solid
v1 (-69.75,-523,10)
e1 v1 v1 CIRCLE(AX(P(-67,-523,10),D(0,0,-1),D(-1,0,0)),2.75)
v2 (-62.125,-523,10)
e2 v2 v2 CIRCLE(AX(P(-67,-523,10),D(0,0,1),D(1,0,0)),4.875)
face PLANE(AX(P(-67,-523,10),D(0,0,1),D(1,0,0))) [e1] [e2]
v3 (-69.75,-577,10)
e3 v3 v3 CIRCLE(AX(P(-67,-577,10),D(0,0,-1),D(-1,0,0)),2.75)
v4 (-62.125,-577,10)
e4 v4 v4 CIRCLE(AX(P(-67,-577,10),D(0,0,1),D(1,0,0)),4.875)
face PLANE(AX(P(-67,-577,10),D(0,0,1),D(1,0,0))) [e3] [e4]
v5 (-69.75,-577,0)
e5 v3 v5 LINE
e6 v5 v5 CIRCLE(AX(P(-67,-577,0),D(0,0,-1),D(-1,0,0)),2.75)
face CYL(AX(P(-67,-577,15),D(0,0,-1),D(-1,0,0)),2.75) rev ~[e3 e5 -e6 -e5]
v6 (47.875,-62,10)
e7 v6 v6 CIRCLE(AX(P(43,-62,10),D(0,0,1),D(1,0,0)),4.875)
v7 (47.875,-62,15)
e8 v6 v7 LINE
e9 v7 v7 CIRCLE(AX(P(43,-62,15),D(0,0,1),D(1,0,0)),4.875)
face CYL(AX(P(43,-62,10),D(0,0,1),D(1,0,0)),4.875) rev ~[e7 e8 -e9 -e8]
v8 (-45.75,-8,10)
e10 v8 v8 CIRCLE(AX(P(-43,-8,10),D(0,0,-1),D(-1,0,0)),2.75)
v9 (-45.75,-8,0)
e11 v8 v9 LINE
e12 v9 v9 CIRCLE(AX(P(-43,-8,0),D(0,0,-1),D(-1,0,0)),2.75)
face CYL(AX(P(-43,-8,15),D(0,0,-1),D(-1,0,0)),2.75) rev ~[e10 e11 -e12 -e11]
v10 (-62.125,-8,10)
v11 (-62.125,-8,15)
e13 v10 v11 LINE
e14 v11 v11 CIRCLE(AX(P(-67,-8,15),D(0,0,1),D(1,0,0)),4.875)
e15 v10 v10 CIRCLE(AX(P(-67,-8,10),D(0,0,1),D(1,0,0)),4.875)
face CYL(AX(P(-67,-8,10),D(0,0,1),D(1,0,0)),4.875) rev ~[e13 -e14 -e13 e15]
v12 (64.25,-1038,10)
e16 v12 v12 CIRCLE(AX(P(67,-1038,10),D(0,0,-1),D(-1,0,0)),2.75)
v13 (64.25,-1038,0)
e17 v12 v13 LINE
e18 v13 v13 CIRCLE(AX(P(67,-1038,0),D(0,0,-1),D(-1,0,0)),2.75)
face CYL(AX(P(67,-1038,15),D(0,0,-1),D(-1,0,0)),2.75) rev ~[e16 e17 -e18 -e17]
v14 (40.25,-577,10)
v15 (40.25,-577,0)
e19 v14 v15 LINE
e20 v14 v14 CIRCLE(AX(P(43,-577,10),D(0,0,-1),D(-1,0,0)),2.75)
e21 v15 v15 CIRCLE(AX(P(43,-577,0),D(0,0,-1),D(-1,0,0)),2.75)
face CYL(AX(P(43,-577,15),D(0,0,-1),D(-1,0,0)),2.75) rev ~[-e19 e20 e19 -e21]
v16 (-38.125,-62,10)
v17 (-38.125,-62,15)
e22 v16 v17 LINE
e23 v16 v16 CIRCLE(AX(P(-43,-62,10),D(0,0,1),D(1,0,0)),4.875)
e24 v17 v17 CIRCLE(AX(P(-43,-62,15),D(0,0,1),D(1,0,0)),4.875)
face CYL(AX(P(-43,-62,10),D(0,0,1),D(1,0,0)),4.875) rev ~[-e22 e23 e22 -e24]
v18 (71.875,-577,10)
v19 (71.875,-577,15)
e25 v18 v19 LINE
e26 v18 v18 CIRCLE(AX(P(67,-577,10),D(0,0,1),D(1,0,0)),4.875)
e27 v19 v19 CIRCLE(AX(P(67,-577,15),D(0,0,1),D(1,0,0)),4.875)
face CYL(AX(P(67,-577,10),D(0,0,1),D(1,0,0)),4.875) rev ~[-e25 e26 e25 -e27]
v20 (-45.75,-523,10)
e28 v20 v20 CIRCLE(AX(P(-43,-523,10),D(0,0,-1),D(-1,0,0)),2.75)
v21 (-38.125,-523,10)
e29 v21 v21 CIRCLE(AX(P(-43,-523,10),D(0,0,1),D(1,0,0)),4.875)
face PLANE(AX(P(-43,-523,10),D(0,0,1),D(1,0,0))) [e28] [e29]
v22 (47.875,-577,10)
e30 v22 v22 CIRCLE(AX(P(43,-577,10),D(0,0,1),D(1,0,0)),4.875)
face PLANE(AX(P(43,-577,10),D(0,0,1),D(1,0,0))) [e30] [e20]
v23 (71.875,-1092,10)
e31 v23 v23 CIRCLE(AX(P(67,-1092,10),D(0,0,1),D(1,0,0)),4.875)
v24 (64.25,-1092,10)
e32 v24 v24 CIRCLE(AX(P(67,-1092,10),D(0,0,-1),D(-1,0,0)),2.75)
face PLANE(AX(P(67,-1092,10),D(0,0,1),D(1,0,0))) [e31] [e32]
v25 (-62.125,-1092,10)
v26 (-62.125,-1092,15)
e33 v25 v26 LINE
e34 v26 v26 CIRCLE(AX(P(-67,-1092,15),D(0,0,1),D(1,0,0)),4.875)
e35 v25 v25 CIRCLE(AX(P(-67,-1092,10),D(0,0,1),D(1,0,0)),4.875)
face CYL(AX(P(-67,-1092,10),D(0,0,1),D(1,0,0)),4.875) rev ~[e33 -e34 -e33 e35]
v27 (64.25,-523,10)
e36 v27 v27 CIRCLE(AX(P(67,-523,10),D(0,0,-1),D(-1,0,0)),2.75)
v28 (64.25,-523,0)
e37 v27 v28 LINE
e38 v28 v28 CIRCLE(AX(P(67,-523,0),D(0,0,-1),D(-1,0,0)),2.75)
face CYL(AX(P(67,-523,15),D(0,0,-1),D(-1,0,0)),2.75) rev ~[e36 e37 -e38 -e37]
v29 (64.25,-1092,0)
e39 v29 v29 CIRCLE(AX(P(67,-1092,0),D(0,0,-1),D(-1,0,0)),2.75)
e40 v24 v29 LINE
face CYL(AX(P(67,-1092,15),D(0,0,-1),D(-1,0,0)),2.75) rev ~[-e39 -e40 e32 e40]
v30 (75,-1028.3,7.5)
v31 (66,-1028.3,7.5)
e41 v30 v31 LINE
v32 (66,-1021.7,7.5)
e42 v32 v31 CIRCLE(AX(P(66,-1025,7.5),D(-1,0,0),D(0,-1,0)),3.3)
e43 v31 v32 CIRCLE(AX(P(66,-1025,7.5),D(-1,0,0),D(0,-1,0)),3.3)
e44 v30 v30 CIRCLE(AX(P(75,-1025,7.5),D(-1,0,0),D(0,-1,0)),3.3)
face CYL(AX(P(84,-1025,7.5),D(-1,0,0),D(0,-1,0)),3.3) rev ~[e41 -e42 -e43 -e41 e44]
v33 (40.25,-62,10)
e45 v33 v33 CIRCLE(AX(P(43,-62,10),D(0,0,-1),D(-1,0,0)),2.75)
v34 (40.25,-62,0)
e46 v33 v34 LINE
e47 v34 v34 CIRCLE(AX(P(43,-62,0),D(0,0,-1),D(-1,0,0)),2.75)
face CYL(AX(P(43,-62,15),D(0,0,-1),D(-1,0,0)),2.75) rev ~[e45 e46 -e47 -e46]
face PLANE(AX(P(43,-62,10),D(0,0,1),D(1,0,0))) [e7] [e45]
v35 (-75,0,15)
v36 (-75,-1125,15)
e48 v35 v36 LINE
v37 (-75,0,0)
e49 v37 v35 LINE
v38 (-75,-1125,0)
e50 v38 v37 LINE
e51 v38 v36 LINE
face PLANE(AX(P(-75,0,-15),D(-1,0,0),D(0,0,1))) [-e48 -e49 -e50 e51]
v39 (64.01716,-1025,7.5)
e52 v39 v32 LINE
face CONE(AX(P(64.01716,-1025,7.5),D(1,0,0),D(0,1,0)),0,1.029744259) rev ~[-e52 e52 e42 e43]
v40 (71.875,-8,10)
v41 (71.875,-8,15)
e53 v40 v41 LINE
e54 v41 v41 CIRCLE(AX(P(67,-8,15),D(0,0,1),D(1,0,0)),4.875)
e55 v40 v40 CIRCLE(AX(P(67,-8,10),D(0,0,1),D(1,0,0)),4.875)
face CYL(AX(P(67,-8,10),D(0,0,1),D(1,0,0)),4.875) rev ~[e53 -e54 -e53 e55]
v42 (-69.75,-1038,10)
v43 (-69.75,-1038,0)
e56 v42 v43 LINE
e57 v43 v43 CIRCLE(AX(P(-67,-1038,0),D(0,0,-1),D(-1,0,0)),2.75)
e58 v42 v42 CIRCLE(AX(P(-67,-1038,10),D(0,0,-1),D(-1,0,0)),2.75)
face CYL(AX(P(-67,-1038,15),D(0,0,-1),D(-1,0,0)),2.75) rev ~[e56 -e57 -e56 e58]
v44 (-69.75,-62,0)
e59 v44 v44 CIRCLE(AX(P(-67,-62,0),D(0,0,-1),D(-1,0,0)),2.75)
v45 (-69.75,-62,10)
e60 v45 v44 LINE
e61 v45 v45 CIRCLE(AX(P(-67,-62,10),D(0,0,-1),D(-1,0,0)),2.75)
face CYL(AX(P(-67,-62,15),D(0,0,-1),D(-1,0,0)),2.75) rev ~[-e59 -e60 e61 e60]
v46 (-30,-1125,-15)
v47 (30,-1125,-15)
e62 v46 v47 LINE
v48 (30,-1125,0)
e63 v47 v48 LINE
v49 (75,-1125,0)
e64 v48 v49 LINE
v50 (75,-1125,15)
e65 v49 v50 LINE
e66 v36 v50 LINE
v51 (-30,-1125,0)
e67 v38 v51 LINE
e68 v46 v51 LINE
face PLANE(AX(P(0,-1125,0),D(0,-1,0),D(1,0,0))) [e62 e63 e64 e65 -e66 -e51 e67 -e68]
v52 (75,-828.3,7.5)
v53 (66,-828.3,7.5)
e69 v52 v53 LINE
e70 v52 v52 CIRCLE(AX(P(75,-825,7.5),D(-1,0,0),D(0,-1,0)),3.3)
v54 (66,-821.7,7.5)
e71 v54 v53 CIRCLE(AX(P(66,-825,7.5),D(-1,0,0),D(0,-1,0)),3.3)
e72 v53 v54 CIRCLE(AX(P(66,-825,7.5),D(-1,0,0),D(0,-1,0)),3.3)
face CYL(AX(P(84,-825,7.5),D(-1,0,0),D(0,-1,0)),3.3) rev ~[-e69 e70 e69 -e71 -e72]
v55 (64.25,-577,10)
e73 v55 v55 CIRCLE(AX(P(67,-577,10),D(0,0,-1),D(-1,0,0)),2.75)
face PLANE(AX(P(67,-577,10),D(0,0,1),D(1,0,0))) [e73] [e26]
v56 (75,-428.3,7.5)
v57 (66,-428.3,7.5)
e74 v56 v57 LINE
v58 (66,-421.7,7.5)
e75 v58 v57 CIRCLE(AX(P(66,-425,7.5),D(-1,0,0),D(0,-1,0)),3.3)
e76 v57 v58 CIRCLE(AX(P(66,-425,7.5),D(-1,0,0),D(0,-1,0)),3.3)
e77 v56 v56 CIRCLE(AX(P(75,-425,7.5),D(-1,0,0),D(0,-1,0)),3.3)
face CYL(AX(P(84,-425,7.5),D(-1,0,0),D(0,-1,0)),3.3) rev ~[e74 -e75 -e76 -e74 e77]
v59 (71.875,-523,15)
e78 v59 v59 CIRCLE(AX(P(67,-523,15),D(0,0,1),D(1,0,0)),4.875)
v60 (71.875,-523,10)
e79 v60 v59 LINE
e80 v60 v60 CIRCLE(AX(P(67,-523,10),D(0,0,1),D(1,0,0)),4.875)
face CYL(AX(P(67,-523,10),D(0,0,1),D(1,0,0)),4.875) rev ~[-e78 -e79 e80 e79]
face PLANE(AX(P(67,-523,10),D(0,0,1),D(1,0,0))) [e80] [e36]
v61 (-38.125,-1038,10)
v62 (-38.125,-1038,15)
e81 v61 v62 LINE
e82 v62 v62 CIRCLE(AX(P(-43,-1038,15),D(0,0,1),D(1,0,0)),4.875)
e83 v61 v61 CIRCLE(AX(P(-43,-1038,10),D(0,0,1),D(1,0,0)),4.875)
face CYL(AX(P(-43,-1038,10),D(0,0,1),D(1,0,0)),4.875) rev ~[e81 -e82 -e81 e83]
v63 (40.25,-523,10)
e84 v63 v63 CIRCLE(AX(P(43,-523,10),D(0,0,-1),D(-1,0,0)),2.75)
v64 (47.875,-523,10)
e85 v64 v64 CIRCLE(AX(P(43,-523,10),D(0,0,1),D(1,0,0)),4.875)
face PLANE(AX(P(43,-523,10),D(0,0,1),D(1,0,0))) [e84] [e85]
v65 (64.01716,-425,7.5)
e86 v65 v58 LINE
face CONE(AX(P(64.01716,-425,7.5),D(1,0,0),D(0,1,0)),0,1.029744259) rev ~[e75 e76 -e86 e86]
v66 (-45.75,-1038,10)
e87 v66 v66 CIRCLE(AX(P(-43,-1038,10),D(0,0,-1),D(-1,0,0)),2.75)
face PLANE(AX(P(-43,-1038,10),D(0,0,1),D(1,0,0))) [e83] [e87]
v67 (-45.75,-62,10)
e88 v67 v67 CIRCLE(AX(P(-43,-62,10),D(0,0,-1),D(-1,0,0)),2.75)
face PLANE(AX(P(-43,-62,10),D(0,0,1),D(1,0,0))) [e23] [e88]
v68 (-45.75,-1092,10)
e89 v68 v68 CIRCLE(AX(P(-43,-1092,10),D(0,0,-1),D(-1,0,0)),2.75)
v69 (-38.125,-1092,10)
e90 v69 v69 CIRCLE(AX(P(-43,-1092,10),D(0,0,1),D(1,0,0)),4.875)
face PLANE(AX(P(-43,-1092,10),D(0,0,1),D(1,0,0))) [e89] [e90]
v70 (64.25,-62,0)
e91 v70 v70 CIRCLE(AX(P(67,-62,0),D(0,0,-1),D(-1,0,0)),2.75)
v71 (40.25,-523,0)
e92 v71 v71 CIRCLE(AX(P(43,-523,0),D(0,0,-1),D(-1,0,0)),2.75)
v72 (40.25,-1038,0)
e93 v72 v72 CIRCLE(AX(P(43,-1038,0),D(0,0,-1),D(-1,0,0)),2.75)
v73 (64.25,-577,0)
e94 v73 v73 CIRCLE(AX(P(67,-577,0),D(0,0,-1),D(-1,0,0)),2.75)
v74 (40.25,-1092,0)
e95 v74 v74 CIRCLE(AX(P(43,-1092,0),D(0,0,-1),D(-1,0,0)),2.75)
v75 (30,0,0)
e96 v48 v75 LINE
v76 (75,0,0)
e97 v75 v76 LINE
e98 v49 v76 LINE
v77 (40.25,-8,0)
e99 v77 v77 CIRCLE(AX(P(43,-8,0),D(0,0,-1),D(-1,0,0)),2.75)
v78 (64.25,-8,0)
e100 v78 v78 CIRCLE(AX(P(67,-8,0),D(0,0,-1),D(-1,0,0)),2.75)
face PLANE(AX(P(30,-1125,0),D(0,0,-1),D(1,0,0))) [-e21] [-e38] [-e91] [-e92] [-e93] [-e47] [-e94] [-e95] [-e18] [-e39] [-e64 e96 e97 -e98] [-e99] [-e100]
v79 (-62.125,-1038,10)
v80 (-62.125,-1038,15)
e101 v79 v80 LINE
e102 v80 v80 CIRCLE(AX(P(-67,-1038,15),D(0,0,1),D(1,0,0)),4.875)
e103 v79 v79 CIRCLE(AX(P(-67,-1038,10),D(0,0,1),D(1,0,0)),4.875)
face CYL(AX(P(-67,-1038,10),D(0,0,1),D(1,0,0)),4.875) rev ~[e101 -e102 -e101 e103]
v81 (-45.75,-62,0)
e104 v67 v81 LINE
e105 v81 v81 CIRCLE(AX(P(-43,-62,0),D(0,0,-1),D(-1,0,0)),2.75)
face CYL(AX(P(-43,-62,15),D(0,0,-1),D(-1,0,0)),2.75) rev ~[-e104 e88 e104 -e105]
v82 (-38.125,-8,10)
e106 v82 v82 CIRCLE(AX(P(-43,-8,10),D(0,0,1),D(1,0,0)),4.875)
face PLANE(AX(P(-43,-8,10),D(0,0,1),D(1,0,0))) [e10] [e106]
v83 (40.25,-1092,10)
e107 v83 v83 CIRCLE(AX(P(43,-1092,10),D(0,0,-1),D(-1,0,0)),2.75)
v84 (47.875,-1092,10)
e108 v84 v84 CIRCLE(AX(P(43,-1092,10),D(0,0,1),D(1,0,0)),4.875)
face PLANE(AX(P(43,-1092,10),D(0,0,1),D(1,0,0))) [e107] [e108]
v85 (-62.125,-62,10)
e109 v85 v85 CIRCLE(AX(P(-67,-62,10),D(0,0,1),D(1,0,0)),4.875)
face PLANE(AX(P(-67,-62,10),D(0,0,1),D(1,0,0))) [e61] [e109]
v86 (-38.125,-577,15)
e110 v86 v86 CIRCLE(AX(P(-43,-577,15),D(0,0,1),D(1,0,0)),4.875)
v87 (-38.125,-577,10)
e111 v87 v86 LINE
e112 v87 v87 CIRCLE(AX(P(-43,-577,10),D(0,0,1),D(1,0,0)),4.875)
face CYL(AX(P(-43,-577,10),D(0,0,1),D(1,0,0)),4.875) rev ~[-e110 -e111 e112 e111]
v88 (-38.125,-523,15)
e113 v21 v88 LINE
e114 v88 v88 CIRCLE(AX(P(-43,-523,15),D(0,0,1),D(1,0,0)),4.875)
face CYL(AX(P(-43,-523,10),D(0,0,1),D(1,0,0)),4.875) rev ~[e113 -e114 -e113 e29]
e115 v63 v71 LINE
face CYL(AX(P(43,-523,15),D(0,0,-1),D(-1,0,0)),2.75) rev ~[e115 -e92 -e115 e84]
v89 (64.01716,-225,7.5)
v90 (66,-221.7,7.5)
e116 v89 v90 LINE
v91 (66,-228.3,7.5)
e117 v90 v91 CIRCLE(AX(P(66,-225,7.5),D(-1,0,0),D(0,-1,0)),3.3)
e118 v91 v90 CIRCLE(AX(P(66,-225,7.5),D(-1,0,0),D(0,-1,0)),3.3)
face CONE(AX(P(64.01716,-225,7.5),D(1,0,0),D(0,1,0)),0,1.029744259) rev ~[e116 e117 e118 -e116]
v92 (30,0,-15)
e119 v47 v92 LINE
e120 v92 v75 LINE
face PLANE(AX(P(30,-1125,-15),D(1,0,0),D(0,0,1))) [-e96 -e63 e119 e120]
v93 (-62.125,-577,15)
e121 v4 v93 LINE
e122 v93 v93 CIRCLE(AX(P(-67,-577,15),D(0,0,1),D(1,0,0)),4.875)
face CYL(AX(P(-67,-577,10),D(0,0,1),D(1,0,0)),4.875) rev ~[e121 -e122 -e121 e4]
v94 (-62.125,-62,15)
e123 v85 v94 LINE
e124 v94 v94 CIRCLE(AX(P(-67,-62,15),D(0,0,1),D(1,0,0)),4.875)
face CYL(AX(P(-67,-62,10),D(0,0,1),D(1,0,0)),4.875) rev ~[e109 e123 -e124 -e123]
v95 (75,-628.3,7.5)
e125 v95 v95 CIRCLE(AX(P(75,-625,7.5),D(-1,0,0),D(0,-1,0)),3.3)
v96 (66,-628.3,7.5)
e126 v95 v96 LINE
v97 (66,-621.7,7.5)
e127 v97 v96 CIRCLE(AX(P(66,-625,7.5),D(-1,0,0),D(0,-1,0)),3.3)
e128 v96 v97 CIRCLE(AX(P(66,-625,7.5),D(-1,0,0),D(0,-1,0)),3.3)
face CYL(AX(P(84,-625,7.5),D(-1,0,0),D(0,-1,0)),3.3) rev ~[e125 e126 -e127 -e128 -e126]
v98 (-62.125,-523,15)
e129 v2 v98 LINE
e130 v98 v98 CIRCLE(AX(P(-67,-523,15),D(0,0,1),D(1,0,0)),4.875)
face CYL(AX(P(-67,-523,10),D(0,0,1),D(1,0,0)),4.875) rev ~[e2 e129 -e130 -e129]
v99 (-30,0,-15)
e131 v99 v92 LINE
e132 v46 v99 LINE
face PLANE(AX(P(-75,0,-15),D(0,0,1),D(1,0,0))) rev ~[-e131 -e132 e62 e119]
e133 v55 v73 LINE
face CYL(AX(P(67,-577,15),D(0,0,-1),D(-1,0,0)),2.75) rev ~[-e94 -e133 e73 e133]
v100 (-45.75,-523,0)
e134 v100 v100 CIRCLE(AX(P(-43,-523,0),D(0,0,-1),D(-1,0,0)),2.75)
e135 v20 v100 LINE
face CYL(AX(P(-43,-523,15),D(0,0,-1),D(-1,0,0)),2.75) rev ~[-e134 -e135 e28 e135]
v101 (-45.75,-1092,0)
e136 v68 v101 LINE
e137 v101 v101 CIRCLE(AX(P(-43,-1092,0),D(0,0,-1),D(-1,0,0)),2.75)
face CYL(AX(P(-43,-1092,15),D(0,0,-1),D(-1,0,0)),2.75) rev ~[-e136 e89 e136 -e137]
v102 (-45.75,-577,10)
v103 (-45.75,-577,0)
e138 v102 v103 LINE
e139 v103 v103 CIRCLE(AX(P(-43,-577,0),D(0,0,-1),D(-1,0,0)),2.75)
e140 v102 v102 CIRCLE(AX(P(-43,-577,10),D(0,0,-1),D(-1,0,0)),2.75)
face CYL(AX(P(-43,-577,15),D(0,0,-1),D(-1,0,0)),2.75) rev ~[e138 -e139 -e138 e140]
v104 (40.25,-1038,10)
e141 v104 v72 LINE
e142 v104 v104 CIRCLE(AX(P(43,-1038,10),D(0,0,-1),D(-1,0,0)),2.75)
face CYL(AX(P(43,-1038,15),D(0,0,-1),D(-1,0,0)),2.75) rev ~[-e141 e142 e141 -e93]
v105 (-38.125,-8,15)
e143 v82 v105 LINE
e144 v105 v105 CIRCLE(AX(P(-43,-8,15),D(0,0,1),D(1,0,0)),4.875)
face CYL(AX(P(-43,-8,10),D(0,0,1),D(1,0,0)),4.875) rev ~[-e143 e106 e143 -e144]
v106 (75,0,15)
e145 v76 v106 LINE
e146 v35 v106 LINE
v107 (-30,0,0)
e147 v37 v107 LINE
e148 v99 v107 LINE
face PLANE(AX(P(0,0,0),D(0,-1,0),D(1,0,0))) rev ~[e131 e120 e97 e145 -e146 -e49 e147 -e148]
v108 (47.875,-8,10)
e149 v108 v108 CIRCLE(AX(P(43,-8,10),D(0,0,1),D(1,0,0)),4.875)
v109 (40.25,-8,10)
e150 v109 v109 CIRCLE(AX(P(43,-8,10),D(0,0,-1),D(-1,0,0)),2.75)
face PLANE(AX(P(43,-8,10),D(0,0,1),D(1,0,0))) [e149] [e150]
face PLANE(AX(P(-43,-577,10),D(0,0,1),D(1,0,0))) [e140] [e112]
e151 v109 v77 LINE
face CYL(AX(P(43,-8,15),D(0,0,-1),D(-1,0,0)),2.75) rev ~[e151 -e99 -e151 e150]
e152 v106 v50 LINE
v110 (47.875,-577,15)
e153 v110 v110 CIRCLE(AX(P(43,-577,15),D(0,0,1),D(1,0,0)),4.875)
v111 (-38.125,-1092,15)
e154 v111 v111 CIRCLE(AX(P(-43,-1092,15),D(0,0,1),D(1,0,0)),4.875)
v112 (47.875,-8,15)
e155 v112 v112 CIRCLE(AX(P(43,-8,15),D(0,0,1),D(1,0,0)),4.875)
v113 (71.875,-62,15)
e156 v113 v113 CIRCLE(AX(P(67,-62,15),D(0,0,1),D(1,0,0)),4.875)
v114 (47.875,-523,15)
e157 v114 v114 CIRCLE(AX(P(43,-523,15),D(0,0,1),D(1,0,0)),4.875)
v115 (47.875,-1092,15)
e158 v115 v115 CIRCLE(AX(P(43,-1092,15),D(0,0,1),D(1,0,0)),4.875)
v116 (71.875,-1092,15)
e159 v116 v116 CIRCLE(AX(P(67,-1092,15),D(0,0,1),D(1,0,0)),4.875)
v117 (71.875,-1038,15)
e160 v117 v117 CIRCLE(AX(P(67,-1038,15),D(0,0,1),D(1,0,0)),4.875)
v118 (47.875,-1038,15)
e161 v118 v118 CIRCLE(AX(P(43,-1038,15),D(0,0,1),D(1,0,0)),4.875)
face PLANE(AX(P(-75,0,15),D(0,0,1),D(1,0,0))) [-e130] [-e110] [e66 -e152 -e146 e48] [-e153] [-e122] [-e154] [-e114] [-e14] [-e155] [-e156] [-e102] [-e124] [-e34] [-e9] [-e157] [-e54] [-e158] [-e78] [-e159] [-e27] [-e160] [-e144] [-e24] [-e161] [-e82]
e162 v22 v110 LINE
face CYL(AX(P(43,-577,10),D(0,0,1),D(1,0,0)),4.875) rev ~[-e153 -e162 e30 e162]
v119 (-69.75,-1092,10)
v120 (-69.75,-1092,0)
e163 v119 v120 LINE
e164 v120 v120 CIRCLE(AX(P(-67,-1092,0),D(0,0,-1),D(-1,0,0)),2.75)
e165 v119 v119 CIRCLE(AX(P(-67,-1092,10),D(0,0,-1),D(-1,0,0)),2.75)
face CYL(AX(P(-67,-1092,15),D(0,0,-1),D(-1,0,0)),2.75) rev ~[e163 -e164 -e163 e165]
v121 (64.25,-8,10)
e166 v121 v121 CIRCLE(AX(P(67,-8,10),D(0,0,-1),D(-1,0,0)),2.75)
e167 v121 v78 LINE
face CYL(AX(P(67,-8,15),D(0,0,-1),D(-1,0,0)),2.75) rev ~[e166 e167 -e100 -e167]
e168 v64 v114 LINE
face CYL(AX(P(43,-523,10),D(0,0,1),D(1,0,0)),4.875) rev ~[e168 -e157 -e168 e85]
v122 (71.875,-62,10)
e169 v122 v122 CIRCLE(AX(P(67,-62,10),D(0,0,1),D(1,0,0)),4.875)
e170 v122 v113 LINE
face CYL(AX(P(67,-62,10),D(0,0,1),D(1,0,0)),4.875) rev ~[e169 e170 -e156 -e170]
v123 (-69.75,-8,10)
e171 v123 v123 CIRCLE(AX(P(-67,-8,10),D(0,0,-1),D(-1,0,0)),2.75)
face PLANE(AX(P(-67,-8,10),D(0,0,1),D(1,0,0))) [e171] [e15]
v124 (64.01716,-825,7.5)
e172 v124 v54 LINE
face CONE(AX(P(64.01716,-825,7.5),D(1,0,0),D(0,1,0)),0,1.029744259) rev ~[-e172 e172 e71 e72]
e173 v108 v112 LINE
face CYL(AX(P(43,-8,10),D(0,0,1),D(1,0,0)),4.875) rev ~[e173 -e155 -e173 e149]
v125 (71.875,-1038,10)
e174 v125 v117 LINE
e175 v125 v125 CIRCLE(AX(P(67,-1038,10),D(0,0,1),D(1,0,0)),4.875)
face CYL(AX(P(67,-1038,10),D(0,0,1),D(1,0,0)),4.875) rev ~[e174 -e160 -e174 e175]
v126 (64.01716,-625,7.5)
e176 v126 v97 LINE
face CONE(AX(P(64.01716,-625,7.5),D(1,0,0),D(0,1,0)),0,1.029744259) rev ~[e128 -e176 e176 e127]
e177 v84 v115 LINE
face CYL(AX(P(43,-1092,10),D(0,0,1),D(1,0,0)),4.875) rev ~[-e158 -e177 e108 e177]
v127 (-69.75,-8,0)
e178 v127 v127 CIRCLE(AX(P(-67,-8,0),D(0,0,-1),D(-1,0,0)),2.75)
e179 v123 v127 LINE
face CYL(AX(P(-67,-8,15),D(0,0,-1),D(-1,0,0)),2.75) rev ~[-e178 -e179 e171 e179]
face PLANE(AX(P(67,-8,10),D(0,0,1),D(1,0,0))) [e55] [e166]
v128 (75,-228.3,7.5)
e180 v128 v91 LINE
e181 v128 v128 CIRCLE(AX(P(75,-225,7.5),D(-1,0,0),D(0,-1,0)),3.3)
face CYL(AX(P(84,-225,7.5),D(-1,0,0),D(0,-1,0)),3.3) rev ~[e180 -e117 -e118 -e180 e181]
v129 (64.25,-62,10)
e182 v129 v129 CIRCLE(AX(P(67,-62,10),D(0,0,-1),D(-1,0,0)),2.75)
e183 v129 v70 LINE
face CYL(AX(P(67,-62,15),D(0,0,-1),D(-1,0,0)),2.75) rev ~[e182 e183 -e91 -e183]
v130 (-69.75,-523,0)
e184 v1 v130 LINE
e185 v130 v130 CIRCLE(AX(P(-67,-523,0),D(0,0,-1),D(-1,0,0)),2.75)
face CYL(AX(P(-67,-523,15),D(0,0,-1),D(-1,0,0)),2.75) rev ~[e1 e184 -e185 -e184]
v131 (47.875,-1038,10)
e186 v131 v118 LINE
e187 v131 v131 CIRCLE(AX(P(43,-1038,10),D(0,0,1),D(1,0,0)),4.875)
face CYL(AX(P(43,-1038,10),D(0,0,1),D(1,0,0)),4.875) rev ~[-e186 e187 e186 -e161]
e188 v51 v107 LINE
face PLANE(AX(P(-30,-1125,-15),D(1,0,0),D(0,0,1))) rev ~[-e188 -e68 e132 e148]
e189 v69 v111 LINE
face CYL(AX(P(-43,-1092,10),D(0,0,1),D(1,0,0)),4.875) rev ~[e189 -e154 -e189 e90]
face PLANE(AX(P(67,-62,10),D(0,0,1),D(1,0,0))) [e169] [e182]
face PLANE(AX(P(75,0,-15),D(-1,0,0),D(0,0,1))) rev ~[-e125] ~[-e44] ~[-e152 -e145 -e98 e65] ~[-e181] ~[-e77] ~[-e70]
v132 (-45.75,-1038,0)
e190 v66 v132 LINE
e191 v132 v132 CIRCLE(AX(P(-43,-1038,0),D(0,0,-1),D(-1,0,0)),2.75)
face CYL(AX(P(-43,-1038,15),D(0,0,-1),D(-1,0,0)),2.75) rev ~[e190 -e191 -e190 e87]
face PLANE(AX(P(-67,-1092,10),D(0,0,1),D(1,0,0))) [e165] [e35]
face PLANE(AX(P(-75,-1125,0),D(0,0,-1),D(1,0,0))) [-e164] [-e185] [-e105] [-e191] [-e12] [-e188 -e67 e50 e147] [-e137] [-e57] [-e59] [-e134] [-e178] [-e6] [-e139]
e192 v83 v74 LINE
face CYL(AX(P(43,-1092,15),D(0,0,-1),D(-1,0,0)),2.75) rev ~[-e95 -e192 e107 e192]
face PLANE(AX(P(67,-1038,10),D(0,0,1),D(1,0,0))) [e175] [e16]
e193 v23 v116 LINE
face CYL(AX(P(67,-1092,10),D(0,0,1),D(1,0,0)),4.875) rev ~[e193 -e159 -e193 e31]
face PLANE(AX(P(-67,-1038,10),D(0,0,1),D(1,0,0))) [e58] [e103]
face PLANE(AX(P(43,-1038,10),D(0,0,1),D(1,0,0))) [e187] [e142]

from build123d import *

# Parameters (mm, degrees)
F0_W           = 150
F0_H           = 30
F1_DEPTH       = 1125
F3_D           = 5.5
F3_CBORE_D     = 9.75
F3_CBORE_DEPTH = 5
F4_W           = 45
F4_H           = 15
F5_DEPTH       = 1125.001
F7_D           = 6.6
F7_DEPTH       = 9
F7_TIP         = 1.9828400428


with BuildPart() as f1:
    # F0 (on Front) → F1 (new body)
    with BuildSketch(Plane.XZ):
        Rectangle(F0_W, F0_H)
    extrude(amount=F1_DEPTH)

    # F3 (through all)
    with Locations(Plane.XY.offset(15)):
        with Locations((-67, -1092), (-67, -1038), (-43, -1038), (-43, -1092), (43, -1092), (67, -1092), (67, -1038), (43, -1038), (-67, -577), (-43, -577), (-43, -523), (-67, -523), (43, -523), (67, -523), (67, -577), (43, -577), (43, -62), (43, -8), (67, -8), (67, -62), (-43, -62), (-67, -62), (-67, -8), (-43, -8)):
            CounterBoreHole(F3_D / 2, F3_CBORE_D / 2, F3_CBORE_DEPTH)

    # F4 (on face) → F5 (cut, through all)
    with BuildSketch(Plane.XZ.offset(1125)):
        with Locations((-52.5, -7.5)):
            Rectangle(F4_W, F4_H)
        with Locations((52.5, -7.5)):
            Rectangle(F4_W, F4_H)
    extrude(amount=-F5_DEPTH, mode=Mode.SUBTRACT)

    # F7
    with Locations(Plane.YZ.offset(75)):
        with Locations((-1025, 7.5), (-825, 7.5), (-625, 7.5), (-425, 7.5), (-225, 7.5)):
            Hole(F7_D / 2, depth=F7_DEPTH)
            with Locations((0, 0, -(F7_DEPTH + F7_TIP / 2))):  # 118° drill point
                Cone(0, F7_D / 2, F7_TIP, mode=Mode.SUBTRACT)


solid = f1.part
